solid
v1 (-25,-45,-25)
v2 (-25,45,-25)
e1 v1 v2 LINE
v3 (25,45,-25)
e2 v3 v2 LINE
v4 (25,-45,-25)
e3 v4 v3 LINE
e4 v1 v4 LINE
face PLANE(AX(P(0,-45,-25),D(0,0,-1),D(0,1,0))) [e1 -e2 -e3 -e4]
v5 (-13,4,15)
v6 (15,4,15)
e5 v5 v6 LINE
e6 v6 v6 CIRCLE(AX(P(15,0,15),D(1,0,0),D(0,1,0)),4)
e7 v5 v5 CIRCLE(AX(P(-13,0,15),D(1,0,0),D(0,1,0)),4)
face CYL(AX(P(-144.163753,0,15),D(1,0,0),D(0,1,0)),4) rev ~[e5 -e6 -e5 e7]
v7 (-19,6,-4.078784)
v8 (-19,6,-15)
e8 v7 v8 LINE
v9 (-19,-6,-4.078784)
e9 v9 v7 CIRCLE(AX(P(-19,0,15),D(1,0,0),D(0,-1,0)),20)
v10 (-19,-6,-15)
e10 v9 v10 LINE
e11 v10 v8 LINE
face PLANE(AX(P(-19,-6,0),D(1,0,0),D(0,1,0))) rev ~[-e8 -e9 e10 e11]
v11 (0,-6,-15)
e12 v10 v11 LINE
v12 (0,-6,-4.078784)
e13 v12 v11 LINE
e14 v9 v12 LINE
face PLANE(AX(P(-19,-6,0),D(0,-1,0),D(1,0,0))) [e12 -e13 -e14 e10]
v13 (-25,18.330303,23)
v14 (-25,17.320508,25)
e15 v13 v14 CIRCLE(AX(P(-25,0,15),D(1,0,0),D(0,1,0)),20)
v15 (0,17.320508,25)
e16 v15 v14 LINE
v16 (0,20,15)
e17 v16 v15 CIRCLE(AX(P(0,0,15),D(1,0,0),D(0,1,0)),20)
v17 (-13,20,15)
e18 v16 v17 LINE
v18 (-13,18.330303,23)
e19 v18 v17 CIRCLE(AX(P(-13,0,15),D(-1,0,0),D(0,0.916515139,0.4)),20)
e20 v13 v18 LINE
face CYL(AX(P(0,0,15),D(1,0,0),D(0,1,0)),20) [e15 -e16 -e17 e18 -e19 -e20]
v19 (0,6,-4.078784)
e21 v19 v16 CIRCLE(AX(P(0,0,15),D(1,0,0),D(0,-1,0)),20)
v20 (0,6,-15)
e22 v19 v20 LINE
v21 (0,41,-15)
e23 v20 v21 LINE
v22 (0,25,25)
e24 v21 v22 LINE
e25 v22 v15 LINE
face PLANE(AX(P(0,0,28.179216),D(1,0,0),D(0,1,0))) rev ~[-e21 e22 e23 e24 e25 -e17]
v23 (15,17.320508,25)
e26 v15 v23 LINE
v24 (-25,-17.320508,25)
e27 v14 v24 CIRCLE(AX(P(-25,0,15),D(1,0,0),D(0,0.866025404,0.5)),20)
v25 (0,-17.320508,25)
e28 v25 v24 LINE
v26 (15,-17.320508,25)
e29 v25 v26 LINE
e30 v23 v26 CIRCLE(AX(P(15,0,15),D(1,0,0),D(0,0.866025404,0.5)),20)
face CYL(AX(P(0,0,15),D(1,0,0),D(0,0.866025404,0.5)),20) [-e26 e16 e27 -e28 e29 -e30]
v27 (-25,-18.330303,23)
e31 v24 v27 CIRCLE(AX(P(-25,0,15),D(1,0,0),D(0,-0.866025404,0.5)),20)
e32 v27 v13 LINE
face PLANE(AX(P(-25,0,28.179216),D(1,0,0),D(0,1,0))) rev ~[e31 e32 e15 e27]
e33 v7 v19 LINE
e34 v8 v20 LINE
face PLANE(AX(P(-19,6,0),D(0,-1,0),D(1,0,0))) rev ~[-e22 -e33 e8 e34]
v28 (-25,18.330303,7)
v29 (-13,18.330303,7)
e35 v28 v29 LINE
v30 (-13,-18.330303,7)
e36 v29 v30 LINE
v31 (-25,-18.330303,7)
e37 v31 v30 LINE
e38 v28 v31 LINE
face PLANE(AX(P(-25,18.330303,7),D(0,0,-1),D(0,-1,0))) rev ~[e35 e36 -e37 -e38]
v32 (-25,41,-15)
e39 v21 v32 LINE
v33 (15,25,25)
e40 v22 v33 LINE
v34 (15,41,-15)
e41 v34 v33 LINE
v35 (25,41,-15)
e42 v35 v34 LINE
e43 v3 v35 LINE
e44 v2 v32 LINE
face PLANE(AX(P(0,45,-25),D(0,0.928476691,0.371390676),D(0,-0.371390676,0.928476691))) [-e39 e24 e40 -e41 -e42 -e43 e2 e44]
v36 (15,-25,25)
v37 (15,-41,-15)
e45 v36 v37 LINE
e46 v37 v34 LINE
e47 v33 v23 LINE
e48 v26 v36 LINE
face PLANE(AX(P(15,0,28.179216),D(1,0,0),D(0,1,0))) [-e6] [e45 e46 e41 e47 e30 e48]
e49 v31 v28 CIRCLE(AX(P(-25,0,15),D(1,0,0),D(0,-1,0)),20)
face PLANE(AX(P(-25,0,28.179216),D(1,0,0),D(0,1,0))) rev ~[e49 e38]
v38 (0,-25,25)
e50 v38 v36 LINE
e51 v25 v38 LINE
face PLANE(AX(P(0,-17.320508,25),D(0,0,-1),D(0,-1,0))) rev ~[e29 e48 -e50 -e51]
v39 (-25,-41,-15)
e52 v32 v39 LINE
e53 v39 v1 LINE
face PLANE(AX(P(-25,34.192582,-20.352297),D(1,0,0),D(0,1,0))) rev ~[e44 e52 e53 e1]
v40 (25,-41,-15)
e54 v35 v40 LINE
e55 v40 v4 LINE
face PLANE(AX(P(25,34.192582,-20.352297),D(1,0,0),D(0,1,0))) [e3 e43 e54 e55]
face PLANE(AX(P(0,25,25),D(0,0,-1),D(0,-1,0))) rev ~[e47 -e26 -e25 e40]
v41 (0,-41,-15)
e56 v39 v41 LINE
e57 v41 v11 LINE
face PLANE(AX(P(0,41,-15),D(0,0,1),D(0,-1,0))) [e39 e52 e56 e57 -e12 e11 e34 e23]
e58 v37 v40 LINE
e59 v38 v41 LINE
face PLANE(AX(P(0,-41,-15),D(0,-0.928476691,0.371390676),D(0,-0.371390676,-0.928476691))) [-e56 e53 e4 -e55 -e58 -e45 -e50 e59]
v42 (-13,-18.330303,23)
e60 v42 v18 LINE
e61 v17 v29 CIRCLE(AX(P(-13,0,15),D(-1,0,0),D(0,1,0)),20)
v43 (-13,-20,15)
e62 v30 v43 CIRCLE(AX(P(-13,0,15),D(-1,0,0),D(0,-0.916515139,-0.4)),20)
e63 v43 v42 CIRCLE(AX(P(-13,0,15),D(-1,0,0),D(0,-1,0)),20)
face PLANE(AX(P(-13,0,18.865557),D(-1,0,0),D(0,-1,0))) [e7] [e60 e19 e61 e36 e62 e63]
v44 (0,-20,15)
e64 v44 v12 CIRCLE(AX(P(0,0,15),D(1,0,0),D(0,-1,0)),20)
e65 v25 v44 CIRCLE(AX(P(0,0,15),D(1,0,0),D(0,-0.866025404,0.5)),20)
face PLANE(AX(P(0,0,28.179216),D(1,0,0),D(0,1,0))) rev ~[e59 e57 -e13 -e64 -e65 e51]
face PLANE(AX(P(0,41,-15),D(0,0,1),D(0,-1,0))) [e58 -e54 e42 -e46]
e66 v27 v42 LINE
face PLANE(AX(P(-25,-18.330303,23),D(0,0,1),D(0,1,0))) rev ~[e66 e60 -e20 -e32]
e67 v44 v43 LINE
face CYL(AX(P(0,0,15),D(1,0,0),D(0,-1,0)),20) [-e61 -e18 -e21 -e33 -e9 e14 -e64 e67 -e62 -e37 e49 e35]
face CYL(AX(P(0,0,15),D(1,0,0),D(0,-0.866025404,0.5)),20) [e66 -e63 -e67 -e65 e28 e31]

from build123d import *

# Parameters (mm, degrees)
F0_W          = 50
F0_H          = 10
F1_DEPTH      = 25
F2_DEPTH      = 15
F3_DEPTH      = 15
F3_DEPTH_BACK = 25
F5_DEPTH      = 12
F6_D          = 8
F7_W          = 19
F7_H          = 12
F8_DEPTH      = 25


with BuildPart() as f1:
    # F0 (on Right) → F1 (new body, symmetric)
    with BuildSketch(Plane.YZ):
        Polygon((41, -15), (25, -15), (25, -25), (45, -25), align=None)
        with Locations((0, -20)):
            Rectangle(F0_W, F0_H)
        Polygon((-25, -15), (-41, -15), (-45, -25), (-25, -25), align=None)
    extrude(amount=F1_DEPTH, both=True)

    # F0 (on Right) → F2 (join)
    with BuildSketch(Plane.YZ):
        with BuildLine():
            Line((-20, 15), (-25, 15))
            Line((-25, 15), (-25, -15))
            Line((-25, -15), (25, -15))
            Line((25, -15), (25, 15))
            Line((25, 15), (20, 15))
            ThreePointArc((20, 15), (0, -5), (-20, 15))
        make_face()
        Polygon((41, -15), (25, 25), (25, 15), (25, -15), align=None)
        Polygon((-25, 15), (-25, 25), (-41, -15), (-25, -15), align=None)
        with BuildLine():
            Line((-17.3205080757, 25), (-25, 25))
            Line((-25, 25), (-25, 15))
            Line((-25, 15), (-20, 15))
            ThreePointArc((-20, 15), (-19.3185165258, 20.1763809021), (-17.3205080757, 25))
        make_face()
        with BuildLine():
            Line((25, 25), (17.3205080757, 25))
            ThreePointArc((17.3205080757, 25), (19.3185165258, 20.1763809021), (20, 15))
            Line((20, 15), (25, 15))
            Line((25, 15), (25, 25))
        make_face()
    extrude(amount=F2_DEPTH)

    # F0 (on Right) → F3 (join, two sides)
    with BuildSketch(Plane.YZ) as f3_sk:
        with BuildLine():
            ThreePointArc((17.3205080757, 25), (0, 35), (-17.3205080757, 25))
            Line((-17.3205080757, 25), (17.3205080757, 25))
        make_face()
        with BuildLine():
            Line((17.3205080757, 25), (-17.3205080757, 25))
            ThreePointArc((-17.3205080757, 25), (-19.3185165258, 20.1763809021), (-20, 15))
            Line((-20, 15), (20, 15))
            ThreePointArc((20, 15), (19.3185165258, 20.1763809021), (17.3205080757, 25))
        make_face()
        with BuildLine():
            Line((20, 15), (-20, 15))
            ThreePointArc((-20, 15), (0, -5), (20, 15))
        make_face()
    extrude(amount=F3_DEPTH)
    extrude(f3_sk.sketch, amount=-F3_DEPTH_BACK)

    # F4 (on face) → F5 (cut)
    with BuildSketch(Plane(origin=(-25, 0, 0), x_dir=(0, -1, 0), z_dir=(-1, 0, 0))):
        with BuildLine():
            ThreePointArc((20, 15), (19.5781262586, 19.0861928738), (18.3303027798, 23))
            Line((18.3303027798, 23), (-18.3303027798, 23))
            ThreePointArc((-18.3303027798, 23), (-19.5781262586, 19.0861928738), (-20, 15))
            Line((-20, 15), (20, 15))
        make_face()
        with BuildLine():
            ThreePointArc((18.3303027798, 7), (19.5781262586, 10.9138071262), (20, 15))
            Line((20, 15), (-20, 15))
            ThreePointArc((-20, 15), (-19.5781262586, 10.9138071262), (-18.3303027798, 7))
            Line((-18.3303027798, 7), (18.3303027798, 7))
        make_face()
    extrude(amount=-F5_DEPTH, mode=Mode.SUBTRACT)

    # F6 (through all)
    with Locations(Plane(origin=(-25, 0, 0), x_dir=(0, -1, 0), z_dir=(-1, 0, 0))):
        with Locations((0, 15)):
            Hole(F6_D / 2)

    # F7 (on Top) → F8 (join)
    with BuildSketch(Plane.XY):
        with Locations((-9.5, 0)):
            Rectangle(F7_W, F7_H)
    extrude(amount=-F8_DEPTH)


solid = f1.part
